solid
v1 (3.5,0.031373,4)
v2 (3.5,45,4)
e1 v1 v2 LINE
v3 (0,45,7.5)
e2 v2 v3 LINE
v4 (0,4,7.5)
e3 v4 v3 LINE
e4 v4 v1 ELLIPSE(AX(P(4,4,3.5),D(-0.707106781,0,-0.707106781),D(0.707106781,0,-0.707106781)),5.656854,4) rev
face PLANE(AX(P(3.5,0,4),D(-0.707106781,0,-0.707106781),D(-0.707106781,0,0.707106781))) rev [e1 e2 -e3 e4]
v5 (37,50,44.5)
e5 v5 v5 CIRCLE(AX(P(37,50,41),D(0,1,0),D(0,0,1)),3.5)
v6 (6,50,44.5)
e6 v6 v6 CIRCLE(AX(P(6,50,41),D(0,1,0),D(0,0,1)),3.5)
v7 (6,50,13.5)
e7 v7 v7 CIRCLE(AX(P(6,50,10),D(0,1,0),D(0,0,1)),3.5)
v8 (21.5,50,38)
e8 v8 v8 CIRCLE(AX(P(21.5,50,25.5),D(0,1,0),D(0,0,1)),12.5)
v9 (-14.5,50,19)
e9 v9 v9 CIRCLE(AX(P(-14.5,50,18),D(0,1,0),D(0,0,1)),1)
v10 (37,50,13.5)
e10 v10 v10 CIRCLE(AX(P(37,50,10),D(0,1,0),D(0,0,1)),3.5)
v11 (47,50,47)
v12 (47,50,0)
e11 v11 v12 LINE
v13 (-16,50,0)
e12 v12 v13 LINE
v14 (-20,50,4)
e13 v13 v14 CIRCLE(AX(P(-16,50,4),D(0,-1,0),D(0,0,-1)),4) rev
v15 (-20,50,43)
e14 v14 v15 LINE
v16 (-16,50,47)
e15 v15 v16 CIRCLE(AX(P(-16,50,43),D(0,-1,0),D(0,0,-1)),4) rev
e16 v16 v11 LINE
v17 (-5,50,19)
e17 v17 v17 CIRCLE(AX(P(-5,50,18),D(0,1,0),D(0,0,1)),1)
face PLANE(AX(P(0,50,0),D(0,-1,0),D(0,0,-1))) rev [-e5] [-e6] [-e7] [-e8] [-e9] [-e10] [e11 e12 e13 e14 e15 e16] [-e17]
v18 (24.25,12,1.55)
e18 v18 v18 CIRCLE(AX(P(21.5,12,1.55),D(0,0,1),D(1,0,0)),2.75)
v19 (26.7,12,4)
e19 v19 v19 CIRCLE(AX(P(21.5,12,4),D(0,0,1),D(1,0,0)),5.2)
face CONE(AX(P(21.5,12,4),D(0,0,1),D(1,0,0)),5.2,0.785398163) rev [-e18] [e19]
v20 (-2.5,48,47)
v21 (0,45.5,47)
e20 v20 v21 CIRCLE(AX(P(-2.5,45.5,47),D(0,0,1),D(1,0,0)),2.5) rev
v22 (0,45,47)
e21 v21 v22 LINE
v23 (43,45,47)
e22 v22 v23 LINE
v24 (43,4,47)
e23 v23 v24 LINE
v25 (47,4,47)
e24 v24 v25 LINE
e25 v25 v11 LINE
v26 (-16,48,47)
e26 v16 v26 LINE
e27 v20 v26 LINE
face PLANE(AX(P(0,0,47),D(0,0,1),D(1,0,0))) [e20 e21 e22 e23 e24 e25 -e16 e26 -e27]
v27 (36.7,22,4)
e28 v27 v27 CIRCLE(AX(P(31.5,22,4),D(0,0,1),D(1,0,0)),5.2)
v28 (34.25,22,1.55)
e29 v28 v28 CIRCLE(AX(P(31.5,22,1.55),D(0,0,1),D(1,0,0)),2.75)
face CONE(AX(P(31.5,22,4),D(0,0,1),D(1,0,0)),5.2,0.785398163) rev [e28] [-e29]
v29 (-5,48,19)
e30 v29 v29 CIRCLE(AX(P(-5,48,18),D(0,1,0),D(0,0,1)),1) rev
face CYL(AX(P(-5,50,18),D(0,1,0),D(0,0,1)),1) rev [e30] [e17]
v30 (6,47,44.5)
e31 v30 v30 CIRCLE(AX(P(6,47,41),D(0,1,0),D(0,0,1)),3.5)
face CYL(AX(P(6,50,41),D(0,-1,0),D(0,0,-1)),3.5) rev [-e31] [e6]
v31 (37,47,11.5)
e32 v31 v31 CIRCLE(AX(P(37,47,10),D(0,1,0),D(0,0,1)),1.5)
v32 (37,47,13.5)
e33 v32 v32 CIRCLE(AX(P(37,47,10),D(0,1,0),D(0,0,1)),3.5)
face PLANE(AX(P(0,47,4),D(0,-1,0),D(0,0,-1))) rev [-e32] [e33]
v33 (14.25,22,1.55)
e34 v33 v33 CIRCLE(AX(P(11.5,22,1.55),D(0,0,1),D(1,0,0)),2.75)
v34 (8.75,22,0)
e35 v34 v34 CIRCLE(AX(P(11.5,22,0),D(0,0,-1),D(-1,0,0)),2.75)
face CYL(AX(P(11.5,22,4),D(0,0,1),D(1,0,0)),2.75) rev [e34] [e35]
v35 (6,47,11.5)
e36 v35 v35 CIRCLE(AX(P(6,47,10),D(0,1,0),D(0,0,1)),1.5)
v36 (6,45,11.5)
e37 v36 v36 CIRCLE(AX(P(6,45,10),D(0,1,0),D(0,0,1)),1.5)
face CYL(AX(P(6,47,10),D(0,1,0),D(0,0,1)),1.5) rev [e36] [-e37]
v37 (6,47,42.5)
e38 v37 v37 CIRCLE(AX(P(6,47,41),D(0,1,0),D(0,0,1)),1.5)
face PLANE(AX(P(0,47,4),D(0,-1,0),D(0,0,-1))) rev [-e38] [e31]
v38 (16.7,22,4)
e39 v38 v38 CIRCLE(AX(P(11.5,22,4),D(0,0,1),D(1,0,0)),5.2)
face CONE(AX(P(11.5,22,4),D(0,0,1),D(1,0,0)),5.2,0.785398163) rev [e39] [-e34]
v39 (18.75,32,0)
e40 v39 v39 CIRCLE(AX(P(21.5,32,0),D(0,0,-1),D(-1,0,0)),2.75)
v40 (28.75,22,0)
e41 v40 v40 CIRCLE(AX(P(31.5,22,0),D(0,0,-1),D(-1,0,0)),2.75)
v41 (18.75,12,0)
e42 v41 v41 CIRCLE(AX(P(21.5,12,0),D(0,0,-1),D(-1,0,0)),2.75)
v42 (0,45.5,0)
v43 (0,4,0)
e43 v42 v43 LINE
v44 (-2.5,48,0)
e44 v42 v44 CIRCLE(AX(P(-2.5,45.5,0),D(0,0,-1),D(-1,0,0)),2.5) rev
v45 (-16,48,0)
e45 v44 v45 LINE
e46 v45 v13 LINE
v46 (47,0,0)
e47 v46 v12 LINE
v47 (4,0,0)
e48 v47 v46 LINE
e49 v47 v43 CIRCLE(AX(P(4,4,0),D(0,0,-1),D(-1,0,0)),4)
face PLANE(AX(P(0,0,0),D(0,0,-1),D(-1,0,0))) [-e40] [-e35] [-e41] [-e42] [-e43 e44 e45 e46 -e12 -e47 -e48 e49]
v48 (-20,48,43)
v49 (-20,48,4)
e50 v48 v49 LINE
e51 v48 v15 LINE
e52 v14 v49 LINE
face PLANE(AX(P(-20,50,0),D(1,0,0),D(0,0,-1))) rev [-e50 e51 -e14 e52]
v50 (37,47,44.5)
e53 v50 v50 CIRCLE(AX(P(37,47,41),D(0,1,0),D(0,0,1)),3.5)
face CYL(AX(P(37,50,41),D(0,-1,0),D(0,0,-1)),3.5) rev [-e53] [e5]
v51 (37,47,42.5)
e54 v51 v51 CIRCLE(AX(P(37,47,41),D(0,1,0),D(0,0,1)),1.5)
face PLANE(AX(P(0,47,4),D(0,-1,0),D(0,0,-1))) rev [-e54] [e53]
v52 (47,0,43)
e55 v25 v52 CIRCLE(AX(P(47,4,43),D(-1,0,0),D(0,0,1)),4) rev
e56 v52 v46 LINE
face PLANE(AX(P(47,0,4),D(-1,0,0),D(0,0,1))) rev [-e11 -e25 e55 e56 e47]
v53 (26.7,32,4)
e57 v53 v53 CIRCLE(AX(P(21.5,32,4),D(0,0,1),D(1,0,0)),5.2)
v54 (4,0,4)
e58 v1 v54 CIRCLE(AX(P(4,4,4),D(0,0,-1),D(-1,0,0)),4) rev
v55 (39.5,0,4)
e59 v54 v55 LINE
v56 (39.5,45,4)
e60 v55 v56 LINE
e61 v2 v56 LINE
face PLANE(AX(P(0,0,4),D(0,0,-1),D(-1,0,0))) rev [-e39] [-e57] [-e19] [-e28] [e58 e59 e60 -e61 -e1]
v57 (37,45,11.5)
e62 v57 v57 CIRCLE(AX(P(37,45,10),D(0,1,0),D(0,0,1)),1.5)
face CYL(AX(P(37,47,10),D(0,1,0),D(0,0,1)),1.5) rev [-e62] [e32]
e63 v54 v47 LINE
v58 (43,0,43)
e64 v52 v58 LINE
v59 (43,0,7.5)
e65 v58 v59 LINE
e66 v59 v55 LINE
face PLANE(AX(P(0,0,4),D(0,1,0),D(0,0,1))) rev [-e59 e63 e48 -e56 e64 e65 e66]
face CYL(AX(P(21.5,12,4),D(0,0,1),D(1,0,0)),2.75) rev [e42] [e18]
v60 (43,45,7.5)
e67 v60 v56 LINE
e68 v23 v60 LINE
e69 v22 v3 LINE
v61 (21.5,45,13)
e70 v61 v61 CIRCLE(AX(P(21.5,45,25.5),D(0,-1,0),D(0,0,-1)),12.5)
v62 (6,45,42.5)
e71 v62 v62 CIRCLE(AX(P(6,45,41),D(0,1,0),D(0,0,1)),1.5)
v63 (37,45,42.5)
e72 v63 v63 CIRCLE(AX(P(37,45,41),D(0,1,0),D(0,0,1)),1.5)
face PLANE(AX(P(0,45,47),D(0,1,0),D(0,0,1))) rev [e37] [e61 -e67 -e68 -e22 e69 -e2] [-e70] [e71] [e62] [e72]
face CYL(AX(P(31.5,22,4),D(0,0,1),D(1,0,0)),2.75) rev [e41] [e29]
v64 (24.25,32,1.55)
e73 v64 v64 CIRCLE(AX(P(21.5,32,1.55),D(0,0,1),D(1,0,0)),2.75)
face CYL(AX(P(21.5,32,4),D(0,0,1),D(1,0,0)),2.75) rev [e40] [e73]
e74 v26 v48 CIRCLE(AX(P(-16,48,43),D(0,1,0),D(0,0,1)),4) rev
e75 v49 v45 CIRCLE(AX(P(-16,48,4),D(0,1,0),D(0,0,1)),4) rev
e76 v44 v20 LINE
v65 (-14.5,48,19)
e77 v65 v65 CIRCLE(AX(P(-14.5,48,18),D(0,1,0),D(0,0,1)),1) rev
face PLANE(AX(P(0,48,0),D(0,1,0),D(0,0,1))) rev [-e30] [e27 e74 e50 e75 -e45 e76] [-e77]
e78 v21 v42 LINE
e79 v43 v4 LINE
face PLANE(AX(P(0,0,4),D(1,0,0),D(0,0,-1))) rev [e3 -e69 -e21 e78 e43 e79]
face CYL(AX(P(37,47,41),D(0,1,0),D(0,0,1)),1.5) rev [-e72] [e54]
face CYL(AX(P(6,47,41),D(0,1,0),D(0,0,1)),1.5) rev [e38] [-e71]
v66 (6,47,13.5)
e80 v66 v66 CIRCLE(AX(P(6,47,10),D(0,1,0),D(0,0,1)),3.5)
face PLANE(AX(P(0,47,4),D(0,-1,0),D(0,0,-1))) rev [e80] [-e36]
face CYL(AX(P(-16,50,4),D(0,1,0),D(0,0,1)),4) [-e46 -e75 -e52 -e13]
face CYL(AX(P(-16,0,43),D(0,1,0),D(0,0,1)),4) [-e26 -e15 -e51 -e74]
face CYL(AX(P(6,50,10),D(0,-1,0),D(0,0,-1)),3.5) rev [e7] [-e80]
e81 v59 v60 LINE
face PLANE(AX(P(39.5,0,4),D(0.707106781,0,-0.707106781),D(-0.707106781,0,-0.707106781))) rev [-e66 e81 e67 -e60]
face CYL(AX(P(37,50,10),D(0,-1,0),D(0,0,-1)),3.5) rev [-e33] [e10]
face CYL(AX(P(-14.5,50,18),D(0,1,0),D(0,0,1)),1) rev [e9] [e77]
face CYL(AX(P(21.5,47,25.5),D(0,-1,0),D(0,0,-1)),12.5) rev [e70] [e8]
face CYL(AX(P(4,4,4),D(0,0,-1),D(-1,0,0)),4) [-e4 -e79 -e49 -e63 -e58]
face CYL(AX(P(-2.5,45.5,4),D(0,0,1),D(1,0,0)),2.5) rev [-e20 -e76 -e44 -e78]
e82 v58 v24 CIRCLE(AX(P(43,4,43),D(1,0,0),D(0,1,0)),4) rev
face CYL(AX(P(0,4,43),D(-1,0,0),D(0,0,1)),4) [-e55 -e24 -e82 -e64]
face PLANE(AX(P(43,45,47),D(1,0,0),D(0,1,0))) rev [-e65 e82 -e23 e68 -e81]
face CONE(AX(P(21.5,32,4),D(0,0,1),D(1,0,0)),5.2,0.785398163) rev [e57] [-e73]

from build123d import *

# Parameters (mm, degrees)
SKETCH_2_W                  = 47
SKETCH_2_H                  = 47
EXTRUDE_1_DEPTH             = 4
SKETCH_3_W                  = 47
SKETCH_3_H                  = 2
EXTRUDE_2_DEPTH             = 43
SKETCH_4_W                  = 4
SKETCH_4_H                  = 45
EXTRUDE_3_DEPTH             = 43
SKETCH_5_R                  = 12.5
CUT_EXTRUDE_1_DEPTH         = 81.268300094
M3X0_5_2_D                  = 3
HOLE_WIZARD_M5_1_AT_2_COUNT = 2
HOLE_WIZARD_M5_1_AT_2_PITCH = 14.142135624
HOLE_WIZARD_M5_1_AT_3_COUNT = 2
HOLE_WIZARD_M5_1_AT_3_PITCH = 20
HOLE_WIZARD_M5_1_AT_4_COUNT = 2
HOLE_WIZARD_M5_1_AT_4_PITCH = 14.142135624
EXTRUDE_6_DEPTH             = 45
EXTRUDE_7_DEPTH             = 45
SKETCH_23_W                 = 67
SKETCH_23_H                 = 47
SKETCH_23_R                 = 3.5
SKETCH_23_R_2               = 12.5
EXTRUDE_10_DEPTH            = 3
M2X0_4_1_D                  = 2
SKETCH_27_W                 = 47
SKETCH_27_H                 = 1
CUT_EXTRUDE_2_DEPTH         = 20
FILLET_1_R                  = 2.5
FILLET_2_R                  = 4


with BuildPart() as part:
    # ｽｹｯﾁ2 → ﾎﾞｽ - 押し出し1 (new body)
    with BuildSketch(Plane.XY):
        with Locations((23.5, 23.5)):
            Rectangle(SKETCH_2_W, SKETCH_2_H)
    extrude(amount=EXTRUDE_1_DEPTH)

    # ｽｹｯﾁ3 → ﾎﾞｽ - 押し出し2 (add)
    with BuildSketch(Plane.XY.offset(4)):
        with Locations((23.5, 46)):
            Rectangle(SKETCH_3_W, SKETCH_3_H)
    extrude(amount=EXTRUDE_2_DEPTH)

    # ｽｹｯﾁ4 → ﾎﾞｽ - 押し出し3 (add)
    with BuildSketch(Plane.XY.offset(4)):
        with Locations((45, 22.5)):
            Rectangle(SKETCH_4_W, SKETCH_4_H)
    extrude(amount=EXTRUDE_3_DEPTH)

    # ｽｹｯﾁ5 → ｶｯﾄ - 押し出し1 (cut, through all)
    with BuildSketch(Plane.XZ.offset(-45)):
        with Locations(Location((21.5, 25.5, 0), (0, 0, 270))):
            Circle(SKETCH_5_R)
    extrude(amount=-CUT_EXTRUDE_1_DEPTH, mode=Mode.SUBTRACT)

    # M3x0.5 ねじ穴2 (through all)
    with Locations(Plane(origin=(0, 47, 0), x_dir=(1, 0, 0), z_dir=(0, 1, 0))):
        with Locations((6, -10), (37, -10), (37, -41), (6, -41)):
            Hole(M3X0_5_2_D / 2)

    # ｽｹｯﾁ14 → M5 平皿頭ねじ用皿穴1 (revolve, cut)
    with BuildSketch(Plane(origin=(11.5, 22, 4), x_dir=(0, -1, 0), z_dir=(1, 0, 0))):
        Polygon((0, 0), (0, 4), (2.75, 4), (2.75, 2.45), (5.2, 0), align=None)
    hole_wizard_m5_1 = revolve(axis=Axis((11.5, 22, 10.35), (0, 0, -1)), mode=Mode.SUBTRACT)

    # M5 平皿頭ねじ用皿穴1 at 2: M5 平皿頭ねじ用皿穴1 ×2
    with Locations(*[Vector(0.7071067811865475, 0.7071067811865476, 0) * (i * HOLE_WIZARD_M5_1_AT_2_PITCH) for i in range(1, HOLE_WIZARD_M5_1_AT_2_COUNT)]):
        add(hole_wizard_m5_1, mode=Mode.SUBTRACT)

    # M5 平皿頭ねじ用皿穴1 at 3: M5 平皿頭ねじ用皿穴1 ×2
    with Locations(*[(i * HOLE_WIZARD_M5_1_AT_3_PITCH, 0, 0) for i in range(1, HOLE_WIZARD_M5_1_AT_3_COUNT)]):
        add(hole_wizard_m5_1, mode=Mode.SUBTRACT)

    # M5 平皿頭ねじ用皿穴1 at 4: M5 平皿頭ねじ用皿穴1 ×2
    with Locations(*[Vector(0.7071067811865474, -0.7071067811865478, 0) * (i * HOLE_WIZARD_M5_1_AT_4_PITCH) for i in range(1, HOLE_WIZARD_M5_1_AT_4_COUNT)]):
        add(hole_wizard_m5_1, mode=Mode.SUBTRACT)

    # ｽｹｯﾁ17 → ﾎﾞｽ - 押し出し6 (add)
    with BuildSketch(Plane.XZ.offset(-45)):
        Polygon((43, 4), (39.5, 4), (43, 7.5), align=None)
    extrude(amount=EXTRUDE_6_DEPTH)

    # ｽｹｯﾁ19 → ﾎﾞｽ - 押し出し7 (add)
    with BuildSketch(Plane.XZ.offset(-45)):
        Polygon((0, 4), (3.5, 4), (0, 7.5), align=None)
    extrude(amount=EXTRUDE_7_DEPTH)

    # ｽｹｯﾁ23 → ﾎﾞｽ - 押し出し10 (add)
    with BuildSketch(Plane(origin=(0, 47, 0), x_dir=(1, 0, 0), z_dir=(0, 1, 0))):
        with Locations((13.5, -23.5)):
            Rectangle(SKETCH_23_W, SKETCH_23_H)
        with Locations(Location((6, -10, 0), (0, 0, 270))):
            Circle(SKETCH_23_R, mode=Mode.SUBTRACT)
        with Locations(Location((6, -41, 0), (0, 0, 270))):
            Circle(SKETCH_23_R, mode=Mode.SUBTRACT)
        with Locations(Location((37, -10, 0), (0, 0, 270))):
            Circle(SKETCH_23_R, mode=Mode.SUBTRACT)
        with Locations(Location((37, -41, 0), (0, 0, 270))):
            Circle(SKETCH_23_R, mode=Mode.SUBTRACT)
        with Locations(Location((21.5, -25.5, 0), (0, 0, 90))):
            Circle(SKETCH_23_R_2, mode=Mode.SUBTRACT)
    extrude(amount=EXTRUDE_10_DEPTH)

    # M2x0.4 ねじ穴1 (through all)
    with Locations(Plane(origin=(0, 50, 0), x_dir=(1, 0, 0), z_dir=(0, 1, 0))):
        with Locations((-5, -18), (-14.5, -18)):
            Hole(M2X0_4_1_D / 2)

    # ｽｹｯﾁ27 → ｶｯﾄ - 押し出し2 (cut)
    with BuildSketch(Plane.ZY.offset(20)):
        with Locations((23.5, 47.5)):
            Rectangle(SKETCH_27_W, SKETCH_27_H)
    extrude(amount=-CUT_EXTRUDE_2_DEPTH, mode=Mode.SUBTRACT)

    # ﾌｨﾚｯﾄ1
    fillet_1_edges = [part.edges().sort_by_distance(p)[0] for p in [
        (0, 48, 23.5),
    ]]
    fillet(fillet_1_edges, radius=FILLET_1_R)

    # ﾌｨﾚｯﾄ2
    fillet_2_edges = [part.edges().sort_by_distance(p)[0] for p in [
        (-20, 49, 47),
        (-20, 49, 0),
        (0, 0, 3.75),
        (45, 0, 47),
    ]]
    fillet(fillet_2_edges, radius=FILLET_2_R)


solid = part.part
